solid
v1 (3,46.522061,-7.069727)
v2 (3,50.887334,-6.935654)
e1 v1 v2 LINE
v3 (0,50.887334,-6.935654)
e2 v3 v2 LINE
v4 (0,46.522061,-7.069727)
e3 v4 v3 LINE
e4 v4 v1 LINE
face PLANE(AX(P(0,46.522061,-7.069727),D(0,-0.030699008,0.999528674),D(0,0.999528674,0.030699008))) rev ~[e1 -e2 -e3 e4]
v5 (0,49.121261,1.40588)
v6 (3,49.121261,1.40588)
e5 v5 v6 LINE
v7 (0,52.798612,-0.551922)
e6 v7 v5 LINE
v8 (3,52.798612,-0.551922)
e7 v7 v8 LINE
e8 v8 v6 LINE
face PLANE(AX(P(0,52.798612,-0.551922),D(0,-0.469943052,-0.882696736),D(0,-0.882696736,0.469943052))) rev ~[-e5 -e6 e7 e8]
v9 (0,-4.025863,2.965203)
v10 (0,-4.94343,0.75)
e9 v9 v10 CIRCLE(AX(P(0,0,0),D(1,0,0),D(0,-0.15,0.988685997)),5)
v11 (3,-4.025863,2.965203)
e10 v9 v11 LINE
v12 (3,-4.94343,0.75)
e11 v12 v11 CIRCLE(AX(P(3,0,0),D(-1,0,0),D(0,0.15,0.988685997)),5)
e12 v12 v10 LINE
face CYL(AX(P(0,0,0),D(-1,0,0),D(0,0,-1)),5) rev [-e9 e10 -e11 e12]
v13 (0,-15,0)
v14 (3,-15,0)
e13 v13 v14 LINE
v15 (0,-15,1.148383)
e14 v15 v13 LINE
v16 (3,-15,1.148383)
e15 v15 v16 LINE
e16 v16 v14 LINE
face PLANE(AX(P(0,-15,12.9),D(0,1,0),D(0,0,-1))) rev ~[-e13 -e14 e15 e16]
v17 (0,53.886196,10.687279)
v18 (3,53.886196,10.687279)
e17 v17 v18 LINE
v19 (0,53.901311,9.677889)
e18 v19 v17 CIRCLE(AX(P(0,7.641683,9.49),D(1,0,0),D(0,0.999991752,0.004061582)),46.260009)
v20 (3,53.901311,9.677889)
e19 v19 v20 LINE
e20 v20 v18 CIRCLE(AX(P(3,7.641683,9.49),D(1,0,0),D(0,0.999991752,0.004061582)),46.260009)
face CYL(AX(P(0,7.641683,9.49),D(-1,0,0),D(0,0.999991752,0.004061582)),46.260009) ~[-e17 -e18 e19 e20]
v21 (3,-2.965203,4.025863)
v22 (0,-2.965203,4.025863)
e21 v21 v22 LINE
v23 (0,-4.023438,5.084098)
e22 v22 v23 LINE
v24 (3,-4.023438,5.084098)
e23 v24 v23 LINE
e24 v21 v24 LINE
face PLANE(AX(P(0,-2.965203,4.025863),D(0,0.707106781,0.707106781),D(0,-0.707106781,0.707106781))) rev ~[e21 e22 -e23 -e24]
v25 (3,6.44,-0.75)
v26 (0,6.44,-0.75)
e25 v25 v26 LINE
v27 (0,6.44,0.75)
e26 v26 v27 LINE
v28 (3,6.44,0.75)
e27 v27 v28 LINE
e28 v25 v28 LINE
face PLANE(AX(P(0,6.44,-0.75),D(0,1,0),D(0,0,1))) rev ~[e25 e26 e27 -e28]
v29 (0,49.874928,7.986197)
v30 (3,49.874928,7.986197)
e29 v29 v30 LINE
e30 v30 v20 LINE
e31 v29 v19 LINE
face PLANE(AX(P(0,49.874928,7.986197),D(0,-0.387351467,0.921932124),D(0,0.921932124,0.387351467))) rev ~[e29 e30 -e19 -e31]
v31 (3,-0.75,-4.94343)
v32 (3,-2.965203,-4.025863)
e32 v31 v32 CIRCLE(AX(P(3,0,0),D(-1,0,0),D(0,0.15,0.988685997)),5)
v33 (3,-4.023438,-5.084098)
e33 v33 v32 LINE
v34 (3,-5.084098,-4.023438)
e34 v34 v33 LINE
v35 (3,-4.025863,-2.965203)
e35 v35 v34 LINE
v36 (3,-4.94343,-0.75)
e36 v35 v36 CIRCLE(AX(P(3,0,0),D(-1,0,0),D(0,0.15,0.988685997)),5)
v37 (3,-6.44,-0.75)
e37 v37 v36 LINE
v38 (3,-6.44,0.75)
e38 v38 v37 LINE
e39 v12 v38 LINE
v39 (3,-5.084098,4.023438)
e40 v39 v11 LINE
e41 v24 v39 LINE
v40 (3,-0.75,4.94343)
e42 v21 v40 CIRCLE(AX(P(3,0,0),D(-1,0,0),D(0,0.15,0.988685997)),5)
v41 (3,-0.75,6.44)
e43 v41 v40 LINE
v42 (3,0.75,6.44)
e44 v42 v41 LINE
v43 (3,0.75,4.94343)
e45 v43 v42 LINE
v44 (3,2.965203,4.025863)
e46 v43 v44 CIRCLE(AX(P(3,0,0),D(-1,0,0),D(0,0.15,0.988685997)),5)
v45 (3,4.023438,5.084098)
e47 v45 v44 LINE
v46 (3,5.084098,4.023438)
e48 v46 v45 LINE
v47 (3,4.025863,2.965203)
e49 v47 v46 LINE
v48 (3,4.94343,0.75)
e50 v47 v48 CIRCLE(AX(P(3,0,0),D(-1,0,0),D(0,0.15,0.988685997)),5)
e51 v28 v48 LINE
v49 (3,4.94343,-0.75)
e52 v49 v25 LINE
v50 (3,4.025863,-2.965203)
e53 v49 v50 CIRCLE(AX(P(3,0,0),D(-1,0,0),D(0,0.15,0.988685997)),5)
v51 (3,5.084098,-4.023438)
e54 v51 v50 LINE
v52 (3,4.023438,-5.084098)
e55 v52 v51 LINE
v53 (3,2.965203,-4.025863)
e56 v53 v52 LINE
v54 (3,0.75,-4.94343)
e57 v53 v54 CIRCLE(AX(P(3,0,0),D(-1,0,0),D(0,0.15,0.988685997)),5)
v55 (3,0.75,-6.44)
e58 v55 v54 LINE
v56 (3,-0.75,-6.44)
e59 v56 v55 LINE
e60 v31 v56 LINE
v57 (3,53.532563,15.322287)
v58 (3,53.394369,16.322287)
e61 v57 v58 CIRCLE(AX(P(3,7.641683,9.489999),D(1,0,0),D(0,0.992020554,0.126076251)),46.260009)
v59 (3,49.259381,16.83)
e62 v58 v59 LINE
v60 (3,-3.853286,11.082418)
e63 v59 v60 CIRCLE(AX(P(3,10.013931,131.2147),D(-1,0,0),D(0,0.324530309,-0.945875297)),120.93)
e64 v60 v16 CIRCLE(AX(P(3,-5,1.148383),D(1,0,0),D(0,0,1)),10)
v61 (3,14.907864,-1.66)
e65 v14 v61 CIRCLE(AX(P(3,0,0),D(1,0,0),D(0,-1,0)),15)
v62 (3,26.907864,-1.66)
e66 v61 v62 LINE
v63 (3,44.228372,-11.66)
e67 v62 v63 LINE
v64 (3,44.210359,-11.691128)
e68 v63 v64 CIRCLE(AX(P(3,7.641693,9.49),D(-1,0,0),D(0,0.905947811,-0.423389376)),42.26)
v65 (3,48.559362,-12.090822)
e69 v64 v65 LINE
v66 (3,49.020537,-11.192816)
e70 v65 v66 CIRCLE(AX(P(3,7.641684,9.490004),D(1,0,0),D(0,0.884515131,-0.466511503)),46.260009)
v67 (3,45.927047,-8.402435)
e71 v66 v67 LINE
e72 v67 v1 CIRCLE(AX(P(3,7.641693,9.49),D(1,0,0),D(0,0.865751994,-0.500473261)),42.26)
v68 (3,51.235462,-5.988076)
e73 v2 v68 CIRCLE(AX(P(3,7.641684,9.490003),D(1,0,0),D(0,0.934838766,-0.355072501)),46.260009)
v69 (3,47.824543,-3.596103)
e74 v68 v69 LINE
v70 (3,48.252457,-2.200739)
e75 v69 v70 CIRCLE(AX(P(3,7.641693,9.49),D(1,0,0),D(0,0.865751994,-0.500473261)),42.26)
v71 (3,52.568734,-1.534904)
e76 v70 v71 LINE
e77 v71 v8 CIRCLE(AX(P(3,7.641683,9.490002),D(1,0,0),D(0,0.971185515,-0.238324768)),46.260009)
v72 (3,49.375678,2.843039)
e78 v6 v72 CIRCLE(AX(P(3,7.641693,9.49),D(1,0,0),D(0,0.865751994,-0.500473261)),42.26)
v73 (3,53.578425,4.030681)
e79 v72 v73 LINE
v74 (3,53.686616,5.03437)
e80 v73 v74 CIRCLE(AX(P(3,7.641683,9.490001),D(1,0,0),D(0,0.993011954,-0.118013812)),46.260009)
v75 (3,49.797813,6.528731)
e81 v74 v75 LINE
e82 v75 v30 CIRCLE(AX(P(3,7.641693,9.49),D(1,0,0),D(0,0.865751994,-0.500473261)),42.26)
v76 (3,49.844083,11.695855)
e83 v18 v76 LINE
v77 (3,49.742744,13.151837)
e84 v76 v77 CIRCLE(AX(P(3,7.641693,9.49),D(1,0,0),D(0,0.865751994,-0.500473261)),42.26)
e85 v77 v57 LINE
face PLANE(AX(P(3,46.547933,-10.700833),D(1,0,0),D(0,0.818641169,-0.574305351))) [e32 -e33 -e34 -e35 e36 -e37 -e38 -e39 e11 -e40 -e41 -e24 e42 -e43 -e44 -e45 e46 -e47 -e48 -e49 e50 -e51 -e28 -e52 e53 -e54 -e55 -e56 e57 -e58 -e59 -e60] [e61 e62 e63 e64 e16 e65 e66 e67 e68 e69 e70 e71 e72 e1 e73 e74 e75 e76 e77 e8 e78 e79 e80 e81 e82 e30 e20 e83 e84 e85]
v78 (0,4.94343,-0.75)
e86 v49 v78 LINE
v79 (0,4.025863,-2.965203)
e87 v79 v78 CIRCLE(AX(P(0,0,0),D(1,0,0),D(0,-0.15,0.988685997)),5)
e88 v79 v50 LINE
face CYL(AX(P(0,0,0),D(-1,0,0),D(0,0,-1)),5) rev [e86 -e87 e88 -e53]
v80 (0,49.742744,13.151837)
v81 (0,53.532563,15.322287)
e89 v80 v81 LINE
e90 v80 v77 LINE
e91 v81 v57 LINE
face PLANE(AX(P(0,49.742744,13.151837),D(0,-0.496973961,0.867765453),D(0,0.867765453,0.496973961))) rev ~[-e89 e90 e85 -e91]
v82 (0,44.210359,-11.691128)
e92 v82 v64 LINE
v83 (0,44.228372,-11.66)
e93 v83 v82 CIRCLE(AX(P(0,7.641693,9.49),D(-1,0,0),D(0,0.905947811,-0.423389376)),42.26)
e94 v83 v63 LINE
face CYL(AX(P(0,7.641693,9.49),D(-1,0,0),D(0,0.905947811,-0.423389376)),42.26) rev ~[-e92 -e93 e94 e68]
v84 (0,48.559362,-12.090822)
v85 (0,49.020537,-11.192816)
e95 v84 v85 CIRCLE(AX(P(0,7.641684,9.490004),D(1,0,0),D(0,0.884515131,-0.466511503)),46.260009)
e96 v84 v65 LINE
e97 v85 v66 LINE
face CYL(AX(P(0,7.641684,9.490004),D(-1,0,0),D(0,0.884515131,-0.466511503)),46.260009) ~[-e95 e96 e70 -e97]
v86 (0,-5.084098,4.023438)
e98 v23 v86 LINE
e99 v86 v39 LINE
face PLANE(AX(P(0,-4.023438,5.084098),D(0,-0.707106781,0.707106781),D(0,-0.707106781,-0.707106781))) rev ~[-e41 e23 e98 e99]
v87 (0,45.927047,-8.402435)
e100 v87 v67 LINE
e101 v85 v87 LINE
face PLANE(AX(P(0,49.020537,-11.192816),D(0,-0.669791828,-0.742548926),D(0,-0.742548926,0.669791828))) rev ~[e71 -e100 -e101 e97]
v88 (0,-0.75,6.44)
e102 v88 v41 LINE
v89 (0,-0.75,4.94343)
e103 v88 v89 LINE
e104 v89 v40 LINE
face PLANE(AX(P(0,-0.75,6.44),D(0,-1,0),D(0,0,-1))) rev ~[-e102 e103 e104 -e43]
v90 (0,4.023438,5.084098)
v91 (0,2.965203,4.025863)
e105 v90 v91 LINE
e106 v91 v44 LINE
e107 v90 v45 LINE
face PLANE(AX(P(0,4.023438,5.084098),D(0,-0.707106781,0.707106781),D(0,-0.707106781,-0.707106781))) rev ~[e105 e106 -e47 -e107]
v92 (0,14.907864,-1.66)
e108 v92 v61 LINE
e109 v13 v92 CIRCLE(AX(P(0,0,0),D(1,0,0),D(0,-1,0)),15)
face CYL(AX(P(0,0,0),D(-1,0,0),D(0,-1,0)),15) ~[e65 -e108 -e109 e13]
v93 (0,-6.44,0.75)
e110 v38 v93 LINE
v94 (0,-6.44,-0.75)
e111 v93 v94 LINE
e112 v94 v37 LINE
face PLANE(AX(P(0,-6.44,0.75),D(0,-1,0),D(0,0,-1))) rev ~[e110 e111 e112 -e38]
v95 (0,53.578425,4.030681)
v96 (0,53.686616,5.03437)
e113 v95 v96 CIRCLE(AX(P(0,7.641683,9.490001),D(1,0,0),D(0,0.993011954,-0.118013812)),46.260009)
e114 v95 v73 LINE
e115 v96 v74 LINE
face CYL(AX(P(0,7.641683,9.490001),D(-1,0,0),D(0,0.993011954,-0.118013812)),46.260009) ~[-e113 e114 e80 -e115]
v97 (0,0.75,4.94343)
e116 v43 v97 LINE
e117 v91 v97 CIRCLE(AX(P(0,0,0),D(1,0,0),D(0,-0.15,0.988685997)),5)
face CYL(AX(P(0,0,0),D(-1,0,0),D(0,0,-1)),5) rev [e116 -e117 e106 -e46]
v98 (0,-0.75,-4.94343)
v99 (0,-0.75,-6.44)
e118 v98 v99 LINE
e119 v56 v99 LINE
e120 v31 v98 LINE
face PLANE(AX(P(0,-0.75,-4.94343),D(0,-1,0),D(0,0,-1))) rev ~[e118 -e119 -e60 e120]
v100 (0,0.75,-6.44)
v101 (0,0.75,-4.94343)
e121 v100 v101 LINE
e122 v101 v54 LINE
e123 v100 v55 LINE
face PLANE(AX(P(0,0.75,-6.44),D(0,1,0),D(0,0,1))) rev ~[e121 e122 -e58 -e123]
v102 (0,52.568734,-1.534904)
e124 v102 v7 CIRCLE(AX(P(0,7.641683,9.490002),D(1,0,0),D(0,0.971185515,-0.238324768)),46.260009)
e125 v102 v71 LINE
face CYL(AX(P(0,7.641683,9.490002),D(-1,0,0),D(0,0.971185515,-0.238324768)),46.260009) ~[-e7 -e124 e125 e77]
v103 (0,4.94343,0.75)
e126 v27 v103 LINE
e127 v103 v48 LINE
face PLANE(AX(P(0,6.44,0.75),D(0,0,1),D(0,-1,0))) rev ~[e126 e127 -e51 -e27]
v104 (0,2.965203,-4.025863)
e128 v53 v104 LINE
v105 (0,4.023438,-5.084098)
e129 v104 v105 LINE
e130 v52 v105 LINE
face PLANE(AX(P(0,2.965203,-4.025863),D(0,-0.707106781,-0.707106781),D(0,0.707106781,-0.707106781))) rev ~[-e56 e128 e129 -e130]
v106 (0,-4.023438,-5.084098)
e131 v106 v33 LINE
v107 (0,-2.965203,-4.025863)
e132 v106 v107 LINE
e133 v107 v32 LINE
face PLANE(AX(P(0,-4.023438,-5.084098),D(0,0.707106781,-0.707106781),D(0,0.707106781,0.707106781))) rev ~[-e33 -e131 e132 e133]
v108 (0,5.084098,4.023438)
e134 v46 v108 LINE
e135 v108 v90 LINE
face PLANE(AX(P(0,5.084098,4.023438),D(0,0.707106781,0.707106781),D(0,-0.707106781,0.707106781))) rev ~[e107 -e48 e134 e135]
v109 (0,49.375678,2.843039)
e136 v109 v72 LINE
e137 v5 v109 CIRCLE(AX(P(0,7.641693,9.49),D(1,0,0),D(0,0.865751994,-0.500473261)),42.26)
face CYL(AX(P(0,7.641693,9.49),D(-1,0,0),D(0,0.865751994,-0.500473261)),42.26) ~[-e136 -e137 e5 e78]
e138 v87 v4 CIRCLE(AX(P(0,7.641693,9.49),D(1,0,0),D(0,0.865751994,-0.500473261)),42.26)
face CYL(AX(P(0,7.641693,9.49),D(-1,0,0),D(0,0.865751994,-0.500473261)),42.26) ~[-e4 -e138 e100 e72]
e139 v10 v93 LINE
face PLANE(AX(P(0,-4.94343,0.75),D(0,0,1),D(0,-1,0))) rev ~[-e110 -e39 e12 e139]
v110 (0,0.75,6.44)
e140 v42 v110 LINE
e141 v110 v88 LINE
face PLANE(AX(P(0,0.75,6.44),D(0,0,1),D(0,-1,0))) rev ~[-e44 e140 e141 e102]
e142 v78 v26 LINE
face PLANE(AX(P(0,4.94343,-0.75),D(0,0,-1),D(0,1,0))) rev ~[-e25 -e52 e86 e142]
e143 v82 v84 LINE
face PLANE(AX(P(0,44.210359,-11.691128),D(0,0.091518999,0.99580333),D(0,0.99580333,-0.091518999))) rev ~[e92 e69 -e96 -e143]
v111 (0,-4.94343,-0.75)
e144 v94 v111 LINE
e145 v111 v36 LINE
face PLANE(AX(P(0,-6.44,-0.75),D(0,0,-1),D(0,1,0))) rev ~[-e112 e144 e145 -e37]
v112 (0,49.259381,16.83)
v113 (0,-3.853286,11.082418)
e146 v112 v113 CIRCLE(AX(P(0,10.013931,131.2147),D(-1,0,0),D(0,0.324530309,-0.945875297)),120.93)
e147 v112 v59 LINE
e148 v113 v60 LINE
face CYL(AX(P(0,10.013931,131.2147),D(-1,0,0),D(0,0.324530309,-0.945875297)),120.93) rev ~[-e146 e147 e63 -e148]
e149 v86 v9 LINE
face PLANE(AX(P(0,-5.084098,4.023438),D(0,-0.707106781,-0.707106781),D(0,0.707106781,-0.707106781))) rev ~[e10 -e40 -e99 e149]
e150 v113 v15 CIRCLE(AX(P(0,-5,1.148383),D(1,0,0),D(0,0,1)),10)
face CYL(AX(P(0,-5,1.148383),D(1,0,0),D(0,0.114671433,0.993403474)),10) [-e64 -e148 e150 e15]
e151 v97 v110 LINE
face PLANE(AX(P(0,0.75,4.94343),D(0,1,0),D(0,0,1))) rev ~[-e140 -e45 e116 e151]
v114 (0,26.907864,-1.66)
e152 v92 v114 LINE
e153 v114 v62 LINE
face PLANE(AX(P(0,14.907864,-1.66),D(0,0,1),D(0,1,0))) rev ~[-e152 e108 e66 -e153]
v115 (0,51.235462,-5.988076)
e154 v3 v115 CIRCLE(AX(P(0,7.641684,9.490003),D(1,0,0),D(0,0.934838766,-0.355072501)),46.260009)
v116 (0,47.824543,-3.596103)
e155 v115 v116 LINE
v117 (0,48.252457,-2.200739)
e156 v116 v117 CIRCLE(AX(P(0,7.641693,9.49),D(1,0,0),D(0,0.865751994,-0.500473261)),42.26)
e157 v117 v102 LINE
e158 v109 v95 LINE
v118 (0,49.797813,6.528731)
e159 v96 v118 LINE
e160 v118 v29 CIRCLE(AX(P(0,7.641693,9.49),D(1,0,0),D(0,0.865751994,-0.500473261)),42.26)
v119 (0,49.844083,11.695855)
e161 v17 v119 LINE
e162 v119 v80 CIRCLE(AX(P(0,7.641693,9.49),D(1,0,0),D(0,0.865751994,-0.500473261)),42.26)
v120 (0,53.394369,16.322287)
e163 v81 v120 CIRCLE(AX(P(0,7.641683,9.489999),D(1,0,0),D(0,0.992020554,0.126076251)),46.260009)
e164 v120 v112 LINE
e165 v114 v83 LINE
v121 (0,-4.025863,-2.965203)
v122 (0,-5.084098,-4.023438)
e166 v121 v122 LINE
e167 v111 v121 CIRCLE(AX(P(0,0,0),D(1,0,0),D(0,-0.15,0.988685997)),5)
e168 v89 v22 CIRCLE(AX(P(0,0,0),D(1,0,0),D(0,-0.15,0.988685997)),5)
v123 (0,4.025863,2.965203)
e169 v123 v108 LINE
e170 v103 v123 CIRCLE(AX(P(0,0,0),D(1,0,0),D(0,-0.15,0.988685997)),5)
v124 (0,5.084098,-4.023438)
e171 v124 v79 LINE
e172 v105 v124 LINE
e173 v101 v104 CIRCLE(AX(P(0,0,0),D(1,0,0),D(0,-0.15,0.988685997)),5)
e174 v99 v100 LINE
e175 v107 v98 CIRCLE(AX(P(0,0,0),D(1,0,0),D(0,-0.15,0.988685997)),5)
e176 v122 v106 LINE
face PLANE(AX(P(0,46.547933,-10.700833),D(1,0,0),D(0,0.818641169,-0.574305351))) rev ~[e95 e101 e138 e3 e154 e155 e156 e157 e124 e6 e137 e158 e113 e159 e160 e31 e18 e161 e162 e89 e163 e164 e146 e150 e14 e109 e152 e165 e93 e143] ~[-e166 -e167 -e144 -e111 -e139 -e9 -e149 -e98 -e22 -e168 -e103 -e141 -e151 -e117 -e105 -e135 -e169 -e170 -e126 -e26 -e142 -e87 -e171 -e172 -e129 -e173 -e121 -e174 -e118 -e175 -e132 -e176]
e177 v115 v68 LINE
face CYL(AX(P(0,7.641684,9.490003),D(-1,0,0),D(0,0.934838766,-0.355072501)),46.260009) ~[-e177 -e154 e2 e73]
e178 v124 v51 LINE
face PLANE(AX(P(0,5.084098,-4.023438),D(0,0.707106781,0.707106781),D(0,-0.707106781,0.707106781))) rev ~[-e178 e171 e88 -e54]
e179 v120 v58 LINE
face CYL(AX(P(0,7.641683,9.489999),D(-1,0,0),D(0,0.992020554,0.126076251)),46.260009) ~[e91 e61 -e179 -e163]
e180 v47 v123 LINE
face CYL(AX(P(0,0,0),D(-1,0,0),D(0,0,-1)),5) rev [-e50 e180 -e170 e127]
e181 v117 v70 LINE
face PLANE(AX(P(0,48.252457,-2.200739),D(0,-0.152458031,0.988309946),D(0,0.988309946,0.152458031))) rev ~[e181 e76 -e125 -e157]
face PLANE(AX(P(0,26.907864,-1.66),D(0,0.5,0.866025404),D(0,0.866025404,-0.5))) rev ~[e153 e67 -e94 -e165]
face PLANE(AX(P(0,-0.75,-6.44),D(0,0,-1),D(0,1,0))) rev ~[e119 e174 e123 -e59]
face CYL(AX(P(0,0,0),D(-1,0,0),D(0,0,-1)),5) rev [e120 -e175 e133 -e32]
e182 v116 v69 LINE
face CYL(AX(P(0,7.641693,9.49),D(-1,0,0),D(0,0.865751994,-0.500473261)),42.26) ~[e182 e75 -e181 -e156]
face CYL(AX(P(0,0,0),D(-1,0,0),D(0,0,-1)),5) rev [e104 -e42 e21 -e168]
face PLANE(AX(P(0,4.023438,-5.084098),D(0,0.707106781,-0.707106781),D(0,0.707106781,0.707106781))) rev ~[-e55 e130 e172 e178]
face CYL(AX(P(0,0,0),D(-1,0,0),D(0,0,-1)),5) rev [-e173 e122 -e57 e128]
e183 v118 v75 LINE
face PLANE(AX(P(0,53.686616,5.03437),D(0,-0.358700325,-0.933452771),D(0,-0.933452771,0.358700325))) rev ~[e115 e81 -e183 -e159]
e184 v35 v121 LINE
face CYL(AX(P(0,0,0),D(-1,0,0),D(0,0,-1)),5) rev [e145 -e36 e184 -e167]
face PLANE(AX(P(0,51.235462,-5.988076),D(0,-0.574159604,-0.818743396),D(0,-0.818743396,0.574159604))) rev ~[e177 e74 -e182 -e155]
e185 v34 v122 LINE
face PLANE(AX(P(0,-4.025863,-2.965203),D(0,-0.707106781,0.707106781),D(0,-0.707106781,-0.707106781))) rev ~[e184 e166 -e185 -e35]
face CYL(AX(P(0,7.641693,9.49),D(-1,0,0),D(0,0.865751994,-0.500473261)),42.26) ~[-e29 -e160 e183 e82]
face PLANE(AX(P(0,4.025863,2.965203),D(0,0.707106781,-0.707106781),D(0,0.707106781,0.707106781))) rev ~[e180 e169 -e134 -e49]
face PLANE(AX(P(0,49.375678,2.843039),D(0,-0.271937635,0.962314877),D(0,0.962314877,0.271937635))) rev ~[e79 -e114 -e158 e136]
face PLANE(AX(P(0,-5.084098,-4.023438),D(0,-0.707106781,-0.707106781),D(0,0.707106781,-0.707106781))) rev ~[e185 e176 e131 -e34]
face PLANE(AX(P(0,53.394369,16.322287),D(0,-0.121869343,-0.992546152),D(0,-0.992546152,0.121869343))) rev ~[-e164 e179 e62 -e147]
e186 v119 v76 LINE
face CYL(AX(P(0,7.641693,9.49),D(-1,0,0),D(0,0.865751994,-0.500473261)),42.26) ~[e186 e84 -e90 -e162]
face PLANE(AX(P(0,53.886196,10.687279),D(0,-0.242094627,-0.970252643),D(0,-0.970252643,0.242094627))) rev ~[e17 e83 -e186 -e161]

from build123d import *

# Parameters (mm, degrees)
SKETCH1_R           = 5
BOSS_EXTRUDE1_DEPTH = 3
CUT_EXTRUDE1_DEPTH  = 53.748723346
CIRPATTERN1_COUNT   = 8
BOSS_EXTRUDE2_DEPTH = 3
CIRPATTERN2_COUNT   = 6
CIRPATTERN2_ANGLE   = 35.051
FILLET1_R           = 10


with BuildPart() as part:
    # Sketch1 → Boss-Extrude1 (new body)
    with BuildSketch(Plane.YZ):
        with BuildLine():
            ThreePointArc((-15, 0), (-0.831277496, -14.976948211), (14.907863697, -1.66))
            Line((14.907863697, -1.66), (26.907863697, -1.66))
            Line((26.907863697, -1.66), (44.228371772, -11.66))
            ThreePointArc((44.228371772, -11.66), (49.257804904, 2.141068881), (49.25938105, 16.83))
            ThreePointArc((49.25938105, 16.83), (17.396021386, 10.510227399), (-15, 12.9))
            Line((-15, 12.9), (-15, 0))
        make_face()
        Circle(SKETCH1_R, mode=Mode.SUBTRACT)
    extrude(amount=BOSS_EXTRUDE1_DEPTH)

    # Sketch1<3> → Cut-Extrude1 (cut, symmetric)
    with BuildSketch(Plane.YZ):
        with BuildLine():
            Line((0.75, 6.44), (-0.75, 6.44))
            Line((-0.75, 6.44), (-0.75, 4.943429983))
            ThreePointArc((-0.75, 4.943429983), (0, 5), (0.75, 4.943429983))
            Line((0.75, 4.943429983), (0.75, 6.44))
        make_face()
    cut_extrude1 = extrude(amount=CUT_EXTRUDE1_DEPTH, both=True, mode=Mode.SUBTRACT)

    # CirPattern1: Cut-Extrude1 ×8 about axis
    cirpattern1_axis = Axis((3, 0, 0), (1, 0, 0))
    for i in range(1, CIRPATTERN1_COUNT):
        add(cut_extrude1.rotate(cirpattern1_axis, i * 360 / CIRPATTERN1_COUNT), mode=Mode.SUBTRACT)

    # Sketch1<4> → Boss-Extrude2 (add)
    with BuildSketch(Plane.YZ):
        with BuildLine():
            ThreePointArc((49.25938105, 16.83), (49.541442906, 14.996225218), (49.74274412, 13.151837335))
            Line((49.74274412, 13.151837335), (53.53256333, 15.322287261))
            ThreePointArc((53.53256333, 15.322287261), (53.466194285, 15.822664237), (53.394369482, 16.322287261))
            Line((53.394369482, 16.322287261), (49.25938105, 16.83))
        make_face()
    boss_extrude2 = extrude(amount=BOSS_EXTRUDE2_DEPTH)

    # CirPattern2: Boss-Extrude2 ×6 about axis
    cirpattern2_axis = Axis((3, 7.641692502, 9.49), (-1, 0, 0))
    for i in range(1, CIRPATTERN2_COUNT):
        add(boss_extrude2.rotate(cirpattern2_axis, i * CIRPATTERN2_ANGLE / (CIRPATTERN2_COUNT - 1)))

    # Fillet1
    fillet1_edges = [part.edges().sort_by_distance(p)[0] for p in [
        (1.5, -15, 12.9),
    ]]
    fillet(fillet1_edges, radius=FILLET1_R)


solid = part.part
